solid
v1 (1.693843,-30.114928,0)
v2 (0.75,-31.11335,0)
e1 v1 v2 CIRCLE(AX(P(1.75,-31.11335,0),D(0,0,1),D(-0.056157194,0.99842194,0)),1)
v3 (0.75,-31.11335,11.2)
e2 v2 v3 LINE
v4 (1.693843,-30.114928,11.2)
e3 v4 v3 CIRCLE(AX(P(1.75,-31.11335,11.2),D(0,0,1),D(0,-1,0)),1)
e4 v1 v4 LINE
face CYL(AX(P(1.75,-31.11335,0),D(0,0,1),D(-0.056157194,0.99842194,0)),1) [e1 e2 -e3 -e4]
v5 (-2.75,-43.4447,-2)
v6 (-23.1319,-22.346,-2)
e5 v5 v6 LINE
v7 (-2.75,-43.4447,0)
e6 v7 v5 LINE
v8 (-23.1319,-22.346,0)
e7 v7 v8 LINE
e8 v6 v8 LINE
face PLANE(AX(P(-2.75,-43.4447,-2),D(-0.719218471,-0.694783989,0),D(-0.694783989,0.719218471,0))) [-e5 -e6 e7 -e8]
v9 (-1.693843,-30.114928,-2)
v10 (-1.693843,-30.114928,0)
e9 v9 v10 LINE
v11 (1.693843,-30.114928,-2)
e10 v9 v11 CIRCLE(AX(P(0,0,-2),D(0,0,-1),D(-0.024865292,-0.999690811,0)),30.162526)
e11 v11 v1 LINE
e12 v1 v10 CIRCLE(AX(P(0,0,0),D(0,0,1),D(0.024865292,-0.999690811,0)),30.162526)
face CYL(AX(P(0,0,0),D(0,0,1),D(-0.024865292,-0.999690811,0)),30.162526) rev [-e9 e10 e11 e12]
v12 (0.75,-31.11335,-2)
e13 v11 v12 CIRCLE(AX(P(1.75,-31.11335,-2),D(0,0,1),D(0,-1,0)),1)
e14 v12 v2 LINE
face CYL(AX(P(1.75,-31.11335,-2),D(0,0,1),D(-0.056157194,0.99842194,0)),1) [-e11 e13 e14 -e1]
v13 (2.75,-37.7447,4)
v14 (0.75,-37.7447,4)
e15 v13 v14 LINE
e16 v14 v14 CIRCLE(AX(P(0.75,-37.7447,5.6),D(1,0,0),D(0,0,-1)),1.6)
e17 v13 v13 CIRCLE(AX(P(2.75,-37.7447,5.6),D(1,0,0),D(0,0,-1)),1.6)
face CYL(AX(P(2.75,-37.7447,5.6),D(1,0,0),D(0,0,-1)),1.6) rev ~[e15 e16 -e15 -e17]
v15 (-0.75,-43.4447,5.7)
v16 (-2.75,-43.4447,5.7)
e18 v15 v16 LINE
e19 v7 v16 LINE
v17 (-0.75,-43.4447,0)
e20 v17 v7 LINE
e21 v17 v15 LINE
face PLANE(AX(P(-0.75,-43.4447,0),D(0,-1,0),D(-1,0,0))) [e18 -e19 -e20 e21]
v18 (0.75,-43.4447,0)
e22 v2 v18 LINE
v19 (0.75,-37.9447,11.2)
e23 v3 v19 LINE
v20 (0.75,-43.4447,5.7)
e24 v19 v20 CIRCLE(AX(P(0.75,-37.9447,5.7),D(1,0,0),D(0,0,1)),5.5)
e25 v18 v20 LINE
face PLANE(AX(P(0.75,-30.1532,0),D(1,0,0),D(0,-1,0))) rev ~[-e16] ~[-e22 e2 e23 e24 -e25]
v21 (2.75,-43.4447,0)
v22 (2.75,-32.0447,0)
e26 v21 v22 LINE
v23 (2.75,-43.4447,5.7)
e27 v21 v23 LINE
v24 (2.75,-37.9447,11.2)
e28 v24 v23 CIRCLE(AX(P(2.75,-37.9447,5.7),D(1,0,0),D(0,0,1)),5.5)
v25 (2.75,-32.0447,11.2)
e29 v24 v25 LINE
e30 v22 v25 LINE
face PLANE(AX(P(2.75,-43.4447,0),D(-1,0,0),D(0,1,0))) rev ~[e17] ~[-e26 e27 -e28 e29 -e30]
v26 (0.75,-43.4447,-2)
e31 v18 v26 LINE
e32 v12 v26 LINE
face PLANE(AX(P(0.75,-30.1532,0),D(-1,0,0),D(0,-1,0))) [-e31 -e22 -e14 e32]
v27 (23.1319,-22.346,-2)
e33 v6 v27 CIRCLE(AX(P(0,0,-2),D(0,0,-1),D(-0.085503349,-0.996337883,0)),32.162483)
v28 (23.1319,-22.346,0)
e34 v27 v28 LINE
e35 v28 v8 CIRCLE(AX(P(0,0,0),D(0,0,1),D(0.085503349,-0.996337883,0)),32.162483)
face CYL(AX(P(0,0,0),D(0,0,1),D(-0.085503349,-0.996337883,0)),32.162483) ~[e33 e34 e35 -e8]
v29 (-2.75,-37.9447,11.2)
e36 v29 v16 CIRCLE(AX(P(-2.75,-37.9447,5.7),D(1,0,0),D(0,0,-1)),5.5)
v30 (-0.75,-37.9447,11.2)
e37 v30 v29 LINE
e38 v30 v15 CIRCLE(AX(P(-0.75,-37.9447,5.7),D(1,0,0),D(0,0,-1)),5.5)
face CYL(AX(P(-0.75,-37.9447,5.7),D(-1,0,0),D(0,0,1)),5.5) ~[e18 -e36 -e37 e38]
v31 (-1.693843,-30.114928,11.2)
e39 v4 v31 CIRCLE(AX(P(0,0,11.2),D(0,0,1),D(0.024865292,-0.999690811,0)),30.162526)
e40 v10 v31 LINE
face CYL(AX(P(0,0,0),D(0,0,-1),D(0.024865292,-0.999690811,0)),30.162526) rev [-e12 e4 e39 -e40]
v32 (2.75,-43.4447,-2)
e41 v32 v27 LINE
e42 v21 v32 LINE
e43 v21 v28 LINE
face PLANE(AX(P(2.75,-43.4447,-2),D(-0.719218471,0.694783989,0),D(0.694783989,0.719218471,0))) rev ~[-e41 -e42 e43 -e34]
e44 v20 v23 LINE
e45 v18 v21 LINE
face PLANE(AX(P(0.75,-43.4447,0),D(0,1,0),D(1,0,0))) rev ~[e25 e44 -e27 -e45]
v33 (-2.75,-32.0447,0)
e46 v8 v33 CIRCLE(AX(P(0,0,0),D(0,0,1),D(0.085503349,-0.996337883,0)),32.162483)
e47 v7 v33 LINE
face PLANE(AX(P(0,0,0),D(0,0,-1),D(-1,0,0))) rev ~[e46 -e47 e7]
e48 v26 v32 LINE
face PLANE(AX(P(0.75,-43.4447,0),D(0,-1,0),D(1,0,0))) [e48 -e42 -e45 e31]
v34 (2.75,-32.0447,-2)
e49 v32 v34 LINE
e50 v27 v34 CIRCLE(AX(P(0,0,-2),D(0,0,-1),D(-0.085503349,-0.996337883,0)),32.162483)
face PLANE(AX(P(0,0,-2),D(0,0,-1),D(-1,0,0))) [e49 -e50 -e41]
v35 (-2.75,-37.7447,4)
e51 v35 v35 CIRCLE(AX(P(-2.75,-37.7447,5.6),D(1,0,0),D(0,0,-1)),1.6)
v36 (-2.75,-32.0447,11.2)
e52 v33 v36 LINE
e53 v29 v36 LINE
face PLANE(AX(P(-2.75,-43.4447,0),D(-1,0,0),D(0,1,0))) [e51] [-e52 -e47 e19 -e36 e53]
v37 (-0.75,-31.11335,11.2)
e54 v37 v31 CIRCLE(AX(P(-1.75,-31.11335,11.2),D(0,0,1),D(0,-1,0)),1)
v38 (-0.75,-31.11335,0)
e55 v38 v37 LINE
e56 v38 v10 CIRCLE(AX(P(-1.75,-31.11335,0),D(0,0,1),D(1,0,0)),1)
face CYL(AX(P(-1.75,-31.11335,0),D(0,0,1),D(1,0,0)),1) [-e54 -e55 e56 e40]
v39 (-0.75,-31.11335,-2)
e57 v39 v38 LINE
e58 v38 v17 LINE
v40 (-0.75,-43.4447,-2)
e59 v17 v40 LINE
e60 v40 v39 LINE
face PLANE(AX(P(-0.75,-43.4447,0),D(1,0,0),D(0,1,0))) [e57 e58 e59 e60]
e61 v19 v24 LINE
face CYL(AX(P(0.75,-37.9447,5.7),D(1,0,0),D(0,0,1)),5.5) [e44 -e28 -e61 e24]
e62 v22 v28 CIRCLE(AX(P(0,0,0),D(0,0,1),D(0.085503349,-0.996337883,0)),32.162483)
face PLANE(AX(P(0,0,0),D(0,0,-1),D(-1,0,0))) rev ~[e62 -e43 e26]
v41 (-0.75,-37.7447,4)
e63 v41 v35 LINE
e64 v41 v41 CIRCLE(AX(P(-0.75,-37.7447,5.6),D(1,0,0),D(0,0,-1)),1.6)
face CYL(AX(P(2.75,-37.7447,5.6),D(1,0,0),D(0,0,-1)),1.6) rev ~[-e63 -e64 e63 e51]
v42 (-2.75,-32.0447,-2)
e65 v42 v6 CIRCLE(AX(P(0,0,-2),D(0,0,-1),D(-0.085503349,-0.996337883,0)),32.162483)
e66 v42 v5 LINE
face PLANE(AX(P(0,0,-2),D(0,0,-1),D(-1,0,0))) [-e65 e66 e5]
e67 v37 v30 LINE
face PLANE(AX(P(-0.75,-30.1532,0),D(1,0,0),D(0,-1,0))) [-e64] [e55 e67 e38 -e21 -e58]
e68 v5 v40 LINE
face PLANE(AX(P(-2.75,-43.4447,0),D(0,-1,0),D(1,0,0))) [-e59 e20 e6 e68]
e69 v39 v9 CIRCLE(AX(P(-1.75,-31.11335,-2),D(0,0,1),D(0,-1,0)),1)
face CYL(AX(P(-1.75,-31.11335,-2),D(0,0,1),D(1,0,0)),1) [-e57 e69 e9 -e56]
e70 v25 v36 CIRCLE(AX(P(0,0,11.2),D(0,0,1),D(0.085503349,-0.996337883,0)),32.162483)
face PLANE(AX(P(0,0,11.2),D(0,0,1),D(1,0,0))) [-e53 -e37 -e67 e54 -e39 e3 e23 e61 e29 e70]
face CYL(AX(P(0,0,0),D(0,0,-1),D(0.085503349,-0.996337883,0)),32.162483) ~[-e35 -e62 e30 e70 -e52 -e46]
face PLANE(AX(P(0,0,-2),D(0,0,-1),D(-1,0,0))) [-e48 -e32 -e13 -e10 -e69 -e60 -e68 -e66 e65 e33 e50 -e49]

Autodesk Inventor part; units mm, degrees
ref_plane "YZ Plane" through (0, 0, 0) normal (1, 0, 0) x (0, 1, 0)
ref_plane "XZ Plane" through (0, 0, 0) normal (0, 1, 0) x (-1, 0, 0)
ref_plane "XY Plane" through (0, 0, 0) normal (0, 0, 1) x (1, 0, 0)
sketch "Sketch1" plane through (0, 0, 0) normal (0, 0, 1) x (1, 0, 0)
  arc A0 (0.75, -30.1532) -> (-0.75, -30.1532) centre (0, 0) ccw
  arc A1 (2.75, -32.0447) -> (-2.75, -32.0447) centre (0, 0) ccw
  line L0 (-0.75, -30.1532) -> (-0.75, -43.4447)
  line L1 (-0.75, -43.4447) -> (-2.75, -43.4447)
  line L2 (-2.75, -43.4447) -> (-2.75, -32.0447)
  line L3 (0.75, -30.1532) -> (0.75, -43.4447)
  line L4 (0.75, -43.4447) -> (2.75, -43.4447)
  line L5 (2.75, -43.4447) -> (2.75, -32.0447)
  dimension "d0" = 60.325
  dimension "d2" = 2
  dimension "d3" = 2
  dimension "d4" = 1.5
  dimension "d5" = 11.4
extrude "Extrusion1" add sketch "Sketch1" along normal blind 11.2
sketch "Sketch2" plane through (2.75, -43.4447, 0) normal (1, 0, 0) x (0, 0, -1)
  line L0 (0, 11.4) -> (-11.2, 11.4) projected
  line L1 (-11.2, 0) -> (-11.2, 11.4) projected
  circle A0 centre (-5.6, 5.7) radius 1.6
  point P0 (0, 43.4447)
  point P1 (-5.6, 11.4)
  point P2 (-11.2, 5.7)
  dimension "d8" = 3.2
extrude "Extrusion2" cut sketch "Sketch2" against normal through all
sketch "Sketch3" plane through (0, 0, 0) normal (0, 0, -1) x (-1, 0, 0)
  arc A0 (0.75, -30.1532) -> (-0.75, -30.1532) centre (0, 0) ccw projected
  line L0 (0.75, -43.4447) -> (0.75, -30.1532) projected
  line L1 (2.75, -43.4447) -> (0.75, -43.4447) projected
  line L2 (2.75, -32.0447) -> (2.75, -43.4447) projected
  arc A1 (2.75, -32.0447) -> (-2.75, -32.0447) centre (0, 0) ccw projected
  line L3 (-2.75, -43.4447) -> (-2.75, -32.0447) projected
  line L4 (-0.75, -43.4447) -> (-2.75, -43.4447) projected
  line L5 (-0.75, -30.1532) -> (-0.75, -43.4447) projected
extrude "Extrusion3" add sketch "Sketch3" along normal blind 2
sketch "Sketch4" plane through (0, 0, -2) normal (0, 0, -1) x (-1, 0, 0)
  line L0 (2.75, -43.4447) -> (2.75, -32.0447) projected
  arc A0 (2.75, -32.0447) -> (-2.75, -32.0447) centre (0, 0) ccw projected
  line L1 (-2.75, -32.0447) -> (-2.75, -43.4447) projected
  line L2 (2.75, -43.4447) -> (23.1319, -22.346)
  line L3 (-2.75, -43.4447) -> (-23.1319, -22.346)
extrude "Extrusion4" add sketch "Sketch4" against normal blind 2
fillet "Fillet1" radius 5.5 2 edges at (1.75, -43.4447, 11.2) (-1.75, -43.4447, 11.2)
fillet "Fillet2" radius 1 4 edges at (-0.75, -30.1532, 5.6) (-0.75, -30.1532, -1) (0.75, -30.1532, 5.6) (0.75, -30.1532, -1)
properties part number "CLAMP"
